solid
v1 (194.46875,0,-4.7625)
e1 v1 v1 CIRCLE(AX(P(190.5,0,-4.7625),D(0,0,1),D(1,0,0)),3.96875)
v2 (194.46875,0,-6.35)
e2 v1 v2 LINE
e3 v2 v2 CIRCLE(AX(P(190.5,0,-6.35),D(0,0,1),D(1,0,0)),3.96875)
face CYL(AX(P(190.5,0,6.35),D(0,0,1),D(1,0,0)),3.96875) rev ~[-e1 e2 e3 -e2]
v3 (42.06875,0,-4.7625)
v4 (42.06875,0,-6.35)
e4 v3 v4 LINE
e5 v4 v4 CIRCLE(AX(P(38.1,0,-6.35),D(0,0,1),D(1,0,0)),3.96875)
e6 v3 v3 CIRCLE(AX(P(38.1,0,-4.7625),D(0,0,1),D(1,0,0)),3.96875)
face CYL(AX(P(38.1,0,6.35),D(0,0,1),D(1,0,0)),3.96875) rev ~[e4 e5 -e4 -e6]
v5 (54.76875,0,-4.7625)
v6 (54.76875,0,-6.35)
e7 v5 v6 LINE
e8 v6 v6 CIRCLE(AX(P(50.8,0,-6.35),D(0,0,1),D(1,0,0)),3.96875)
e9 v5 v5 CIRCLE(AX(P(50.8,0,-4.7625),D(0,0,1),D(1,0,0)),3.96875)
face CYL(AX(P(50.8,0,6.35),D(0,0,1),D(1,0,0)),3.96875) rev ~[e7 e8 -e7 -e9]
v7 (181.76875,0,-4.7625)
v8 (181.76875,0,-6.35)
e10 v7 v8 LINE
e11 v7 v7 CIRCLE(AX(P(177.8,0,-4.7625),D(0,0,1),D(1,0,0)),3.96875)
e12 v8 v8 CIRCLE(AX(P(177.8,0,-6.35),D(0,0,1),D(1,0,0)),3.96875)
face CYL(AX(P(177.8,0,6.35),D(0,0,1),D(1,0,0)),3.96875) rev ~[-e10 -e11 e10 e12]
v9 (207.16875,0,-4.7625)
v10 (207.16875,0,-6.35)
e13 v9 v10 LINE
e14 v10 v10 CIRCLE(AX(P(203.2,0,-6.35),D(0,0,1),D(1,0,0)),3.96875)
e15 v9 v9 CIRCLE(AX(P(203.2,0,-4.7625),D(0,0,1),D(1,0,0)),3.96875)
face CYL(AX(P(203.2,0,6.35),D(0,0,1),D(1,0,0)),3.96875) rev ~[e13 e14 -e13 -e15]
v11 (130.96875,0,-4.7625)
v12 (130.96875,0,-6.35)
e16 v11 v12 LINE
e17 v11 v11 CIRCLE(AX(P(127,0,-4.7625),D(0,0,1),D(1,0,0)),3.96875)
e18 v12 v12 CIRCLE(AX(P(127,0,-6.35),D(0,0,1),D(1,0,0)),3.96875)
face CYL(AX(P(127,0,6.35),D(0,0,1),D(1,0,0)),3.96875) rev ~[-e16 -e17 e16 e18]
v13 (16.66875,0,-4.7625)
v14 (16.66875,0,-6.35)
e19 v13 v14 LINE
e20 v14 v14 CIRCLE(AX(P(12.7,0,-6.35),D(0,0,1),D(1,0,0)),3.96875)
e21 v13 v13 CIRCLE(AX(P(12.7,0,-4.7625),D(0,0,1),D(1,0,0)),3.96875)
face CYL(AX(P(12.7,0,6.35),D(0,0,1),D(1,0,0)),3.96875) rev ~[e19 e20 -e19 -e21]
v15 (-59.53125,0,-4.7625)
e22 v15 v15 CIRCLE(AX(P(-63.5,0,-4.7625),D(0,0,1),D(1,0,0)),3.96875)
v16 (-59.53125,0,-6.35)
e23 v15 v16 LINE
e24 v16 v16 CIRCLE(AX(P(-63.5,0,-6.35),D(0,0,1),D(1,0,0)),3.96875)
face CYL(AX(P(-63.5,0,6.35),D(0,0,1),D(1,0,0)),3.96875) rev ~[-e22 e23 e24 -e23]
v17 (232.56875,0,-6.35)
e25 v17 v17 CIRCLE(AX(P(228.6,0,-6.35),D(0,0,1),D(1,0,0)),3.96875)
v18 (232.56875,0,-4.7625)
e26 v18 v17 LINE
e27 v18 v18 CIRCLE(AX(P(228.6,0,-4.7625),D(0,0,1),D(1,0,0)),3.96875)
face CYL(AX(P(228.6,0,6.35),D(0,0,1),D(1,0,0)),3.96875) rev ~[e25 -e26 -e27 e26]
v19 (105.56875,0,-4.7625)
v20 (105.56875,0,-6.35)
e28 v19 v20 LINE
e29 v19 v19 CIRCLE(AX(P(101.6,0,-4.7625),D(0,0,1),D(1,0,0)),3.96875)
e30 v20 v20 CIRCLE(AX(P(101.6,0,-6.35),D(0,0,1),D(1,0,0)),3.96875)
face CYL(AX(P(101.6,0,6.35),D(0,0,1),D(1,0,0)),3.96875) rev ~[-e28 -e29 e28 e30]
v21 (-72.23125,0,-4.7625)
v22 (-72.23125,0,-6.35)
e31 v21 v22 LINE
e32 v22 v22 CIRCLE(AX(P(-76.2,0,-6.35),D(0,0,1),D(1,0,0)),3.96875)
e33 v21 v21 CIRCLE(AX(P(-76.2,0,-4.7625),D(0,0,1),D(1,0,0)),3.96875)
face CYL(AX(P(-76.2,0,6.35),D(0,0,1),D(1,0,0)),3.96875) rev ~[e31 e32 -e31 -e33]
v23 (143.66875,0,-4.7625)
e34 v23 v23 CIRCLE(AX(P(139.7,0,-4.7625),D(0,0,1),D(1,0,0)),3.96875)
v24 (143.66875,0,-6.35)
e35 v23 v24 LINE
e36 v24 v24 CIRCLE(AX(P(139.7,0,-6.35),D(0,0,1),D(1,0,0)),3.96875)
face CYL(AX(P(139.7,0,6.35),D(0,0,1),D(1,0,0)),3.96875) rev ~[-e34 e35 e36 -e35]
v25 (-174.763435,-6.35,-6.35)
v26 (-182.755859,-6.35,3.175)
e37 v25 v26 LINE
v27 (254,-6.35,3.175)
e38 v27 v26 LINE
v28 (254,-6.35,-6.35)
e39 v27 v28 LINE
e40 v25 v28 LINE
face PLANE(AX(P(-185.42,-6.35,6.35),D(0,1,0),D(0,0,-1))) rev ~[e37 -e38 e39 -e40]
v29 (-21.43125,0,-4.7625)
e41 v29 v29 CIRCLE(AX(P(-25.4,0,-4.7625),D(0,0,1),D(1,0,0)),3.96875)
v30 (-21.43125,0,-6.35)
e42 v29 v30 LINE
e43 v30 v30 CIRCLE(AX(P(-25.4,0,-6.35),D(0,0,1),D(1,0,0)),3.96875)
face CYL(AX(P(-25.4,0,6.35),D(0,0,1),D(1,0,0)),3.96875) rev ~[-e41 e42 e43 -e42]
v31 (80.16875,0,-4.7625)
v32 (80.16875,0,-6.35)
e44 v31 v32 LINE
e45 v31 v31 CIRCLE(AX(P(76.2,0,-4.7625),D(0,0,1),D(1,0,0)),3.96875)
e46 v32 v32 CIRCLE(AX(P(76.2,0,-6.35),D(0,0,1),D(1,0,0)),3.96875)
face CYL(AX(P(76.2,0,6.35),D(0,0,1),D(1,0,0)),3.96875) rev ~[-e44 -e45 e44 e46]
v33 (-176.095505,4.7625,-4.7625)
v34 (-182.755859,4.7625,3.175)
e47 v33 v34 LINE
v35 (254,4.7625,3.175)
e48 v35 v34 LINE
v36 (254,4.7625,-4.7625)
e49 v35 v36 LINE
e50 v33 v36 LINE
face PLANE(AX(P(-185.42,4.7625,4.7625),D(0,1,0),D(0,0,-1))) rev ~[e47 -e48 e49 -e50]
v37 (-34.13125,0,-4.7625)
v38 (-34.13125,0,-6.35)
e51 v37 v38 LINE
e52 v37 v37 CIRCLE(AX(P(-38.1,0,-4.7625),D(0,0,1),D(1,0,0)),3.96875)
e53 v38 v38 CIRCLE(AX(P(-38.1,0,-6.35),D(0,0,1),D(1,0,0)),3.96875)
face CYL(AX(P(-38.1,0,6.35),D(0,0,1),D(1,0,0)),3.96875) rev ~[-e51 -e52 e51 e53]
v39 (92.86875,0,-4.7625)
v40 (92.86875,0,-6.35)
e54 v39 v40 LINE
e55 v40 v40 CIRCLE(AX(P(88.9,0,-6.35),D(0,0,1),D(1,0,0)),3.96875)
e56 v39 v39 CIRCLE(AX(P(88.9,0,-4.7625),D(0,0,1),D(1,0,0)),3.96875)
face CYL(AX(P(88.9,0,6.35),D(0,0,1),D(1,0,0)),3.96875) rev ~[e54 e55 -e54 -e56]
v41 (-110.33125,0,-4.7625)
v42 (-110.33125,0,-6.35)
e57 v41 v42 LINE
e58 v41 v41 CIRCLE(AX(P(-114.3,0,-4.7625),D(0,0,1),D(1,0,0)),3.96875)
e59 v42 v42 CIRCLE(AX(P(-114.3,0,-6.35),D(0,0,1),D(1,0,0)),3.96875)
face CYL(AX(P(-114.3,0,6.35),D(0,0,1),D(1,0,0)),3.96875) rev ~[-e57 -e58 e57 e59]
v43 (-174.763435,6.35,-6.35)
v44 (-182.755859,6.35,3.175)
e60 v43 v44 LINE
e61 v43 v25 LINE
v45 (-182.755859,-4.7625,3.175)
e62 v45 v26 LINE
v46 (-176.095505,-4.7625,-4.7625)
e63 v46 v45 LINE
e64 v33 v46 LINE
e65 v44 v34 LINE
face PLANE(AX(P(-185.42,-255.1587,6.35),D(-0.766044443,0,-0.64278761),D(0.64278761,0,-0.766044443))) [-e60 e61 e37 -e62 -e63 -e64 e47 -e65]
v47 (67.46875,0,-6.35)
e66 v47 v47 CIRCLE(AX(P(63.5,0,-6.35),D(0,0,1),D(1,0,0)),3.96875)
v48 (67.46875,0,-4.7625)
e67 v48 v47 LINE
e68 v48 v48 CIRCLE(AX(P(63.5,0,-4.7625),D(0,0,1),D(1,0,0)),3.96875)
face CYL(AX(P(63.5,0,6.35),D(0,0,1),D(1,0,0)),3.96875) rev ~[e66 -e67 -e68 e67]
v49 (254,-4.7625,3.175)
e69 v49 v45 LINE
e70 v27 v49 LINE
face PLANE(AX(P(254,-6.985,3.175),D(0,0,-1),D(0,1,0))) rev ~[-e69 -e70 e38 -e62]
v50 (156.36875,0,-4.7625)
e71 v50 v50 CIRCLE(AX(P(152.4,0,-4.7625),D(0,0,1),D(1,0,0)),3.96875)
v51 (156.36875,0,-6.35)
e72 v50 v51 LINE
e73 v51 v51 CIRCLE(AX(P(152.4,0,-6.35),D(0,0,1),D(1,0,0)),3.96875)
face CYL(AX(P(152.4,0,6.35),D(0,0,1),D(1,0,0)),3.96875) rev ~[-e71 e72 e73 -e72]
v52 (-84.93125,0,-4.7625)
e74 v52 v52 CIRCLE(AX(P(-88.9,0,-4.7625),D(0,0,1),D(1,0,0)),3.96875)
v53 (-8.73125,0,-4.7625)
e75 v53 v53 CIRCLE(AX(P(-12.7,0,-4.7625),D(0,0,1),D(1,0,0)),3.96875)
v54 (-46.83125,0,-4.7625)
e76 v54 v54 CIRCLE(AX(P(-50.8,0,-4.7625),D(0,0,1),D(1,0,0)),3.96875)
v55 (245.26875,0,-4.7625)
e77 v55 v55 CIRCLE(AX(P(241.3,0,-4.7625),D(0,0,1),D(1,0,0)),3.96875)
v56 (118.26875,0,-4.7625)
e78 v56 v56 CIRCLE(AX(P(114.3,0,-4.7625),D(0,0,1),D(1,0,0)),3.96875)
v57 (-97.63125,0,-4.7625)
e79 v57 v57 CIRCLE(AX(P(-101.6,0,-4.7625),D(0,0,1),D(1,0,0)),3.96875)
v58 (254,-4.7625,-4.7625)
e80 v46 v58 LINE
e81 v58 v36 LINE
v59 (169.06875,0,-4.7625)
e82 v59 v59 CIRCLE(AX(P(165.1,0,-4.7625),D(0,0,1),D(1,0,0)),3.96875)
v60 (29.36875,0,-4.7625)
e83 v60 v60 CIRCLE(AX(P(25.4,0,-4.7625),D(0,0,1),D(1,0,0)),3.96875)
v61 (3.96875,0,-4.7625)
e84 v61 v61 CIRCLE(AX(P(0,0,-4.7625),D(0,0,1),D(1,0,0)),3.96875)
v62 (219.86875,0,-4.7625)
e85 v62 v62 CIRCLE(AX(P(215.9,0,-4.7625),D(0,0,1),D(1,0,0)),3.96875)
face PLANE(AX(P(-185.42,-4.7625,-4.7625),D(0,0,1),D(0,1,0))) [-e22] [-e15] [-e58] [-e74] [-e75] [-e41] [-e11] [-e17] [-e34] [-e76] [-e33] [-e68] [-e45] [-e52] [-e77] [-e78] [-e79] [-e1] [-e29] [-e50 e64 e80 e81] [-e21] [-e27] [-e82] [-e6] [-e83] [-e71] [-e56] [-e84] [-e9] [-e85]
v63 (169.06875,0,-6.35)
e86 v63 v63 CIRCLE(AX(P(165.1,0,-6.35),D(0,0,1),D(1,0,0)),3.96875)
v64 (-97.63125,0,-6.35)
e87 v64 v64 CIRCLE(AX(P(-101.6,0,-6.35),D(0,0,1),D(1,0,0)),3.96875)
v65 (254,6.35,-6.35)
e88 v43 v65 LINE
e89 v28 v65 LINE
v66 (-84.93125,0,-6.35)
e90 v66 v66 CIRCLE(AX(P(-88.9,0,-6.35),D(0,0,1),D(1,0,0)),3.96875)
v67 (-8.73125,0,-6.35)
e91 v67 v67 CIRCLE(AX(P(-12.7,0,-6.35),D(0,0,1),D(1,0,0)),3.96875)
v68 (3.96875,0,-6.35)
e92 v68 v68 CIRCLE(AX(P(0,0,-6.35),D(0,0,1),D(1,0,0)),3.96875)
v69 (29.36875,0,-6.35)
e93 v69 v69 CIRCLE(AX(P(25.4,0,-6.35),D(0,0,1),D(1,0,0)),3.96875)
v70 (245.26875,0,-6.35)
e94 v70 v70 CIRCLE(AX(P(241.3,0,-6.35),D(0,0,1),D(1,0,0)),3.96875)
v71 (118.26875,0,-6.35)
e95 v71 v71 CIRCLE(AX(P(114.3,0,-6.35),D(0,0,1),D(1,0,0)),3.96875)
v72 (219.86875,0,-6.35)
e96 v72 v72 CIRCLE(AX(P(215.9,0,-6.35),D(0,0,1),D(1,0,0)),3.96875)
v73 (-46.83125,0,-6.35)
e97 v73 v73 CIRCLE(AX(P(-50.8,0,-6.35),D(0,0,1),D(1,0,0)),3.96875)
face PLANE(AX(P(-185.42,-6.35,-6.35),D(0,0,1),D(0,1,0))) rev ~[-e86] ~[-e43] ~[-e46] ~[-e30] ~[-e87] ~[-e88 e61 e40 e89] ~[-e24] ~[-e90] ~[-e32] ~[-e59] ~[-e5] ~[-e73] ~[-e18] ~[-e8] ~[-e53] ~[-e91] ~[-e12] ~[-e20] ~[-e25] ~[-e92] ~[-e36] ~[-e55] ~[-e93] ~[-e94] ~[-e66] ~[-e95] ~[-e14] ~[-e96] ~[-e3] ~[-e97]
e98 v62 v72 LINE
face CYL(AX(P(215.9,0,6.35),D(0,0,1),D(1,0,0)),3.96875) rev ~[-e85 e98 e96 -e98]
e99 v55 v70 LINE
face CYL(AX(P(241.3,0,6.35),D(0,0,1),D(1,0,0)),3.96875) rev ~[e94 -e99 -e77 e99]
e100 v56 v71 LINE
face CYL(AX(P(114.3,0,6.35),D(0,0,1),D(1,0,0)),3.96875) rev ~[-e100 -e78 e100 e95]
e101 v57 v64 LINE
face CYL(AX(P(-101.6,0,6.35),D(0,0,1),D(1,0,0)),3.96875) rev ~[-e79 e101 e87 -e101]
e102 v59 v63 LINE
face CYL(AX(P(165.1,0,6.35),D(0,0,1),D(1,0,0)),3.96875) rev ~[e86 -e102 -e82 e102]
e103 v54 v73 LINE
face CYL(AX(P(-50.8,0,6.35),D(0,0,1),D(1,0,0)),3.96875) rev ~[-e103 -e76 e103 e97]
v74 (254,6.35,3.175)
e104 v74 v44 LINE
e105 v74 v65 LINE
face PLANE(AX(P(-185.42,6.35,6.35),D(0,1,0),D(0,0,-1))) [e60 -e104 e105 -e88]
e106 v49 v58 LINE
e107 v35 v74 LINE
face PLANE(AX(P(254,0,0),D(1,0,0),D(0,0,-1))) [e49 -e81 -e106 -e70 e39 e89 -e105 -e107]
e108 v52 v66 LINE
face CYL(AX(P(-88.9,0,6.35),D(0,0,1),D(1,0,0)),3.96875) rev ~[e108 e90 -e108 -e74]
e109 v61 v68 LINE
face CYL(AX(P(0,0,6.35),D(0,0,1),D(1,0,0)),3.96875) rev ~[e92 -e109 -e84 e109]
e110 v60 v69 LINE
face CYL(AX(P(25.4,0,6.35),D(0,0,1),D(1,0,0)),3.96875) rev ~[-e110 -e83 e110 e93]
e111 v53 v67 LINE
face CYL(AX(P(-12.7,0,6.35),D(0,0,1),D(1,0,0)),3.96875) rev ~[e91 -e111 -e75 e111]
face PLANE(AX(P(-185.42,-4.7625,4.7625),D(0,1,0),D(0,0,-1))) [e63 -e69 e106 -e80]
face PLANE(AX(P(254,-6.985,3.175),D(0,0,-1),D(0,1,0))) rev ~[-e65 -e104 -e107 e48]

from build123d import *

# Parameters (mm, degrees)
BOSS_EXTRUDE1_DEPTH      = 254
BOSS_EXTRUDE1_DEPTH_BACK = 185.42
SKETCH1_W                = 12.7
SKETCH1_H                = 12.7
SKETCH1_W_2              = 9.525
SKETCH1_H_2              = 9.525
CUT_EXTRUDE1_DEPTH       = 255.158700422
CUT_EXTRUDE1_DEPTH_BACK  = 255.158700422
SKETCH4_R                = 3.96875
CUT_EXTRUDE3_DEPTH       = 255.396565425
SKETCH5_W                = 3.175
SKETCH5_H                = 13.97
CUT_EXTRUDE4_DEPTH       = 440.511753426


with BuildPart() as part:
    # Sketch1 → Boss-Extrude1 (new, two sides: drawn at the far end of the back side and taken through both)
    with BuildSketch(Plane(origin=(0, 0, 0), x_dir=(0, 0, -1), z_dir=(1, 0, 0)).offset(-BOSS_EXTRUDE1_DEPTH_BACK)):
        Rectangle(SKETCH1_W, SKETCH1_H)
        Rectangle(SKETCH1_W_2, SKETCH1_H_2, mode=Mode.SUBTRACT)
    extrude(amount=BOSS_EXTRUDE1_DEPTH + BOSS_EXTRUDE1_DEPTH_BACK)

    # Sketch2 → Cut-Extrude1 (cut, two sides: drawn at the far end of the back side and taken through both)
    with BuildSketch(Plane(origin=(0, 0, 0), x_dir=(1, 0, 0), z_dir=(0, 1, 0)).offset(-CUT_EXTRUDE1_DEPTH_BACK)):
        Polygon((-185.42, -6.35), (-174.250456919, 6.961343094), (-183.078216502, 14.368712905), (-194.247759583, 1.057369811), align=None)
    extrude(amount=CUT_EXTRUDE1_DEPTH + CUT_EXTRUDE1_DEPTH_BACK, mode=Mode.SUBTRACT)

    # Sketch4 → Cut-Extrude3 (cut, through all)
    with BuildSketch(Plane.XY.offset(6.35)):
        with Locations((241.3, 0)):
            Circle(SKETCH4_R)
        with Locations((228.6, 0)):
            Circle(SKETCH4_R)
        with Locations((215.9, 0)):
            Circle(SKETCH4_R)
        with Locations((203.2, 0)):
            Circle(SKETCH4_R)
        with Locations((190.5, 0)):
            Circle(SKETCH4_R)
        with Locations((177.8, 0)):
            Circle(SKETCH4_R)
        with Locations((165.1, 0)):
            Circle(SKETCH4_R)
        with Locations((152.4, 0)):
            Circle(SKETCH4_R)
        with Locations((139.7, 0)):
            Circle(SKETCH4_R)
        with Locations((127, 0)):
            Circle(SKETCH4_R)
        with Locations((114.3, 0)):
            Circle(SKETCH4_R)
        with Locations((101.6, 0)):
            Circle(SKETCH4_R)
        with Locations((88.9, 0)):
            Circle(SKETCH4_R)
        with Locations((76.2, 0)):
            Circle(SKETCH4_R)
        with Locations((63.5, 0)):
            Circle(SKETCH4_R)
        with Locations((50.8, 0)):
            Circle(SKETCH4_R)
        with Locations((38.1, 0)):
            Circle(SKETCH4_R)
        with Locations((25.4, 0)):
            Circle(SKETCH4_R)
        with Locations((12.7, 0)):
            Circle(SKETCH4_R)
        Circle(SKETCH4_R)
        with Locations((-12.7, 0)):
            Circle(SKETCH4_R)
        with Locations((-25.4, 0)):
            Circle(SKETCH4_R)
        with Locations((-38.1, 0)):
            Circle(SKETCH4_R)
        with Locations((-50.8, 0)):
            Circle(SKETCH4_R)
        with Locations((-63.5, 0)):
            Circle(SKETCH4_R)
        with Locations((-76.2, 0)):
            Circle(SKETCH4_R)
        with Locations((-88.9, 0)):
            Circle(SKETCH4_R)
        with Locations((-101.6, 0)):
            Circle(SKETCH4_R)
        with Locations((-114.3, 0)):
            Circle(SKETCH4_R)
    extrude(amount=-CUT_EXTRUDE3_DEPTH, mode=Mode.SUBTRACT)

    # Sketch5 → Cut-Extrude4 (cut, through all)
    with BuildSketch(Plane(origin=(254, 0, 0), x_dir=(0, 0, -1), z_dir=(1, 0, 0))):
        with Locations((-4.7625, 0)):
            Rectangle(SKETCH5_W, SKETCH5_H)
    extrude(amount=-CUT_EXTRUDE4_DEPTH, mode=Mode.SUBTRACT)


solid = part.part
